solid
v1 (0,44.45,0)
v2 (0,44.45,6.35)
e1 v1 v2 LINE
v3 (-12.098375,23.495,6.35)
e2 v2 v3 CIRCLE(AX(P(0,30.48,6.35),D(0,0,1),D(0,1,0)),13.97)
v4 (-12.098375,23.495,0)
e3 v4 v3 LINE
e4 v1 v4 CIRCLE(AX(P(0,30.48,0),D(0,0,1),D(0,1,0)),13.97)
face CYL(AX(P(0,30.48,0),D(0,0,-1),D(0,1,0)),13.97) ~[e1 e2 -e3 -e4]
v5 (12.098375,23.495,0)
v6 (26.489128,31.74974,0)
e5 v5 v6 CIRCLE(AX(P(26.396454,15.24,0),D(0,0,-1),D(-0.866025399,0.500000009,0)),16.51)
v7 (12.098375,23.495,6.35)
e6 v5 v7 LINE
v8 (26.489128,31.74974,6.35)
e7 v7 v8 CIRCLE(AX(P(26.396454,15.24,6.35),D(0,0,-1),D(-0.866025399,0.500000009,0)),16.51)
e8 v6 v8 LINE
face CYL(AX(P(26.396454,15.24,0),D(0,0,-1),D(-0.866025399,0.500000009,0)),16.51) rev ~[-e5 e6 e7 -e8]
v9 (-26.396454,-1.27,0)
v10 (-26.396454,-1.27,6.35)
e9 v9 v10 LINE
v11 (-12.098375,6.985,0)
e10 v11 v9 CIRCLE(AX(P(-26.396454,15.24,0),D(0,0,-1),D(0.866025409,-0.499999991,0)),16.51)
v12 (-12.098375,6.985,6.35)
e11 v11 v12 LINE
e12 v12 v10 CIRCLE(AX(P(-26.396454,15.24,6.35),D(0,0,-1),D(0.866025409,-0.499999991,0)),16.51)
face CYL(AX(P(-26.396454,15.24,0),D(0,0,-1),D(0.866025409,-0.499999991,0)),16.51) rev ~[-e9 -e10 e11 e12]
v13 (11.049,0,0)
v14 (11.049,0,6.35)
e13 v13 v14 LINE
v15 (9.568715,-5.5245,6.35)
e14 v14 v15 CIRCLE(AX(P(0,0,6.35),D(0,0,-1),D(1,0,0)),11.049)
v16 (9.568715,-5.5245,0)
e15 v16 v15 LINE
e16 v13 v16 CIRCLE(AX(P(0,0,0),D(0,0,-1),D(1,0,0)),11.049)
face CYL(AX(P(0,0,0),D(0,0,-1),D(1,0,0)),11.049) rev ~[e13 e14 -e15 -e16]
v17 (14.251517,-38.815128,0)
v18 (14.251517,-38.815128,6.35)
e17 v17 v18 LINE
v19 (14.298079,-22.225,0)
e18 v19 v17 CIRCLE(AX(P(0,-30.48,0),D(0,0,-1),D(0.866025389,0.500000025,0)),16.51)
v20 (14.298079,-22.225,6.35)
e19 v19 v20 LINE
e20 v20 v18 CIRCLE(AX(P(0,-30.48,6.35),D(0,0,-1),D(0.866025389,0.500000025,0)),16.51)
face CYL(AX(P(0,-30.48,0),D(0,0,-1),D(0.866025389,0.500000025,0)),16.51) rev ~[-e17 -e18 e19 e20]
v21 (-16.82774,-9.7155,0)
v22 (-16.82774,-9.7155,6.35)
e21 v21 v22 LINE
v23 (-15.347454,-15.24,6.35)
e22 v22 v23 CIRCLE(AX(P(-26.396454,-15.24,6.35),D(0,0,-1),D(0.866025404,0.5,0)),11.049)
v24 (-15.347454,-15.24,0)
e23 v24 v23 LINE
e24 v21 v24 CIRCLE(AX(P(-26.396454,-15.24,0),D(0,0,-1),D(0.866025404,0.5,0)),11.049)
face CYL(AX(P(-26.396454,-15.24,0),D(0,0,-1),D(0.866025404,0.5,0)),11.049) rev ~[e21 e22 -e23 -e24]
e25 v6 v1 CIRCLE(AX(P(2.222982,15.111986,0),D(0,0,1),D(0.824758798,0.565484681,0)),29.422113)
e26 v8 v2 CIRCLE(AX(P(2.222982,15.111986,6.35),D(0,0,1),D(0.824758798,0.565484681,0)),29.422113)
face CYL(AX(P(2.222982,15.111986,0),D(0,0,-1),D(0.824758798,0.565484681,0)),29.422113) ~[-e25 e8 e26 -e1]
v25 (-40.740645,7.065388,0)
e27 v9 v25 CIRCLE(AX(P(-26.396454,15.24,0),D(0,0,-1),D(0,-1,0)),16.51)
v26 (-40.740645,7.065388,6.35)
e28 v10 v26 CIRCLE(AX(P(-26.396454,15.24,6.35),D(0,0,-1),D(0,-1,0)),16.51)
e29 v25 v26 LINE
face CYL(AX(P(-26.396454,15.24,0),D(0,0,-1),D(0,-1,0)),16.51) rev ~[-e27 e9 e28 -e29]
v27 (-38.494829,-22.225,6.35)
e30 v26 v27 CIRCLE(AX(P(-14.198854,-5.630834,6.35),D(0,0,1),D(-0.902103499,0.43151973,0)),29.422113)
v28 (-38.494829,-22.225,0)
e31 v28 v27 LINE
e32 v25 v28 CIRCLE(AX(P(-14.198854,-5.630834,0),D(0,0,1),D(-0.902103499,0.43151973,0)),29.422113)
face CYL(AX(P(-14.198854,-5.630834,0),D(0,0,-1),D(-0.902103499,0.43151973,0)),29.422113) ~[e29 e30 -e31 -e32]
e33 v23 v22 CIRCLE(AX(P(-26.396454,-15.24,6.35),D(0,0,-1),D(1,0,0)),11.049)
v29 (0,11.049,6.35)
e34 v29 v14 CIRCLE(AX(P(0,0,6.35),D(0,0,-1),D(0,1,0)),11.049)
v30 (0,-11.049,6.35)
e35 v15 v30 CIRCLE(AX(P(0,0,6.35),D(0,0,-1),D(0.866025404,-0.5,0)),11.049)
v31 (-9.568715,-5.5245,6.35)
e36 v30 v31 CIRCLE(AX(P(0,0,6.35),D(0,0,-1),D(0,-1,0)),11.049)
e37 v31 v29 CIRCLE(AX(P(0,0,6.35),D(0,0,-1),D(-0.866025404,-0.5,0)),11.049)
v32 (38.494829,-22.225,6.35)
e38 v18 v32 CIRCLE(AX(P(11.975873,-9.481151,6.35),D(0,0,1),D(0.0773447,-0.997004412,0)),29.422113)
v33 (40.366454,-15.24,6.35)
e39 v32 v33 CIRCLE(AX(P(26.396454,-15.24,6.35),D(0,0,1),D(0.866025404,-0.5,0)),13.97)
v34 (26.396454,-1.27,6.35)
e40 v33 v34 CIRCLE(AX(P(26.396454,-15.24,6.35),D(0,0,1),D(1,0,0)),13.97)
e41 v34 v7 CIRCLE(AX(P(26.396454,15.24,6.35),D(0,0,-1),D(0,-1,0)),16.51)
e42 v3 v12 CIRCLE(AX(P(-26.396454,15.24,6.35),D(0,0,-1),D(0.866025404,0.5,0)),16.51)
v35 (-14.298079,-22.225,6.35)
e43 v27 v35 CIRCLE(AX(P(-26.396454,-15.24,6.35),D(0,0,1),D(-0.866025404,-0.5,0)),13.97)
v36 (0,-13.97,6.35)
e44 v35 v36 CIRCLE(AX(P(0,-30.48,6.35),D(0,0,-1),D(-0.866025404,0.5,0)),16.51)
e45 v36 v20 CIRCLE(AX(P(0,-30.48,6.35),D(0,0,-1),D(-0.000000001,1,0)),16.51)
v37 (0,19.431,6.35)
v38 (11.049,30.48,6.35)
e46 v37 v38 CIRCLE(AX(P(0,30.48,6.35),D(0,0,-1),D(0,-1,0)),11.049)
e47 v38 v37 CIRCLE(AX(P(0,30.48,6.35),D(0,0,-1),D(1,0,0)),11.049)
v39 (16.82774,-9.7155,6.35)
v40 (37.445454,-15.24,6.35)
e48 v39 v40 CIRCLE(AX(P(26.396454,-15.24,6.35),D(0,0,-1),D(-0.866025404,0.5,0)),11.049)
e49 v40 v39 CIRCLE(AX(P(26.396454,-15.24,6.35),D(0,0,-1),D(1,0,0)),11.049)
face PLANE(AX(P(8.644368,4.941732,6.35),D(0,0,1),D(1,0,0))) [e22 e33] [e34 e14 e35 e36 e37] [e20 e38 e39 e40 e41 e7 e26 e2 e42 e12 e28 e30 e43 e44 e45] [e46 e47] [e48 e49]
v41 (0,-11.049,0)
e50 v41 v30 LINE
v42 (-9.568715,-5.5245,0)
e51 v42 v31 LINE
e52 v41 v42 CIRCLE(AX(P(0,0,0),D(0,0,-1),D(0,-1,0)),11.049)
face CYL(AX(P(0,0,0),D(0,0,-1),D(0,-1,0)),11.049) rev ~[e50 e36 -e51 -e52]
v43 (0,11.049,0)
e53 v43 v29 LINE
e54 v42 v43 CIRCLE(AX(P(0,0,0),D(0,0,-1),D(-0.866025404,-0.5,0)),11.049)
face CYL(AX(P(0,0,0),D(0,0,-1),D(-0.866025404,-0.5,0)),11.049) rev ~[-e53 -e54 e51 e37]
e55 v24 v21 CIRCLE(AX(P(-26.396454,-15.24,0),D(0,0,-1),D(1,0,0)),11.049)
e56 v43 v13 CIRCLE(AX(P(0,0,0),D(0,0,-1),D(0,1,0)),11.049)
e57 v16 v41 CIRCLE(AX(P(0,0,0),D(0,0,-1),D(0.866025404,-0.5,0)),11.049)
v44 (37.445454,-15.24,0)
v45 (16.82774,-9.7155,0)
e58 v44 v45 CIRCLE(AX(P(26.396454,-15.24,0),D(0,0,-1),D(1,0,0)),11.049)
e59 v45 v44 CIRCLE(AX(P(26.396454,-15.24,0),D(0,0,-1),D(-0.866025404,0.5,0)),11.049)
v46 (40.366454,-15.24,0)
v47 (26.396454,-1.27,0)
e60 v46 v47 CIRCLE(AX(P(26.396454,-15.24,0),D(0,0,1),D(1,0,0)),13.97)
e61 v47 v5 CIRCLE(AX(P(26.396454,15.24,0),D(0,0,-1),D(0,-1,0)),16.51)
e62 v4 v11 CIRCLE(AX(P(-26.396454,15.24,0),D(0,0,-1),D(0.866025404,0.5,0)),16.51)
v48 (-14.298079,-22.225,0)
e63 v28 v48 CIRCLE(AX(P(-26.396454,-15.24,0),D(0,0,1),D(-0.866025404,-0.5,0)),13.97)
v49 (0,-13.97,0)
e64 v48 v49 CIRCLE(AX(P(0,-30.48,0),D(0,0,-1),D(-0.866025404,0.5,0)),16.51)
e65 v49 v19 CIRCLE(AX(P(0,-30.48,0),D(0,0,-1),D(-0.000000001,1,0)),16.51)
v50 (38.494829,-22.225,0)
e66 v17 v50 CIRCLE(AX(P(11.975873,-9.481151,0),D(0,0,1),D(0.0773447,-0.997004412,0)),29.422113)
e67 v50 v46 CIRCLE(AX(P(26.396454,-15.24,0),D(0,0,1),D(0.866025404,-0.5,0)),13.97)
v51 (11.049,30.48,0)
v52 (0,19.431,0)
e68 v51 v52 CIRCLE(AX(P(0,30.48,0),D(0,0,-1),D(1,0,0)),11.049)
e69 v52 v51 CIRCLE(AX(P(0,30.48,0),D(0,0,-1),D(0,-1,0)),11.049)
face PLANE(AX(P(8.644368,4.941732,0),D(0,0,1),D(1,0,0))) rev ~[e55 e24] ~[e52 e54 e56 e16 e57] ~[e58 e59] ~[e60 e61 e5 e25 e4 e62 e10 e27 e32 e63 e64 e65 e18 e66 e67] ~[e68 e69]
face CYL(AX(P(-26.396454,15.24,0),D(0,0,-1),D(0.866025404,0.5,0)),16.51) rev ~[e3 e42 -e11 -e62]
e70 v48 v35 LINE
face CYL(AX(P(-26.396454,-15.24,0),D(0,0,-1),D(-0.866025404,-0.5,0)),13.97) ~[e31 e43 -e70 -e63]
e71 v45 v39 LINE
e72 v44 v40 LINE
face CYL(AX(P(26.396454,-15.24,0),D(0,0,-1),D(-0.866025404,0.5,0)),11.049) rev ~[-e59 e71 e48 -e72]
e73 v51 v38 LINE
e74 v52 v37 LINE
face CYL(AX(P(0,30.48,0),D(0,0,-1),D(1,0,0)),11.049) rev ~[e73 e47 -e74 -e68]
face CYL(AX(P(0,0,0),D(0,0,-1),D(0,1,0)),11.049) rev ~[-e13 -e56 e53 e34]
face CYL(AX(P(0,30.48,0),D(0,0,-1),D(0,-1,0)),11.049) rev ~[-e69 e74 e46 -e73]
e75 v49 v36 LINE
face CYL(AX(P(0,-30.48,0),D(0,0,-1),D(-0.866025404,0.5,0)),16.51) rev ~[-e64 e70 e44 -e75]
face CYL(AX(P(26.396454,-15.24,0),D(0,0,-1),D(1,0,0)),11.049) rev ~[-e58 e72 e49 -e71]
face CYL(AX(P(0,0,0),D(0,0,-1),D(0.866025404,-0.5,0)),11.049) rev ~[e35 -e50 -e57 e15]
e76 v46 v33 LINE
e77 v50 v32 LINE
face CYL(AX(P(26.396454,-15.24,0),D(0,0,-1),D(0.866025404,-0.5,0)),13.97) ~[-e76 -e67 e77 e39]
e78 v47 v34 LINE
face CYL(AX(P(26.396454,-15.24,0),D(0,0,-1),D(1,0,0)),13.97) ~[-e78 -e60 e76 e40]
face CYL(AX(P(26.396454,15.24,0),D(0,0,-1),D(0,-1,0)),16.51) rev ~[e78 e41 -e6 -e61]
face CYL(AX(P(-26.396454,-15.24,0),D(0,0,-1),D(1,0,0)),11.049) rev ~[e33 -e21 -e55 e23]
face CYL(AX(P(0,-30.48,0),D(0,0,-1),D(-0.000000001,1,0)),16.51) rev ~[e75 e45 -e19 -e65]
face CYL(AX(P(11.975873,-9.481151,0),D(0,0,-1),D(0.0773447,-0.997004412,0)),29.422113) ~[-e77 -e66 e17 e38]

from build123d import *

# Parameters (mm, degrees)
F1_DEPTH = 6.35


with BuildPart() as f1:
    # F0 (on Top) → F1 (new body)
    with BuildSketch(Plane.XY):
        with BuildLine():
            ThreePointArc((12.0983748909, -6.985), (13.4939837933, -3.6157020601), (13.97, 0))
            ThreePointArc((13.97, 0), (13.4939837722, 3.6157021388), (12.0983748093, 6.9850001412))
            ThreePointArc((12.0983748093, 6.9850001412), (6.9849999294, 12.0983749316), (0, 13.97))
            Line((0, 13.97), (0, 11.049))
            ThreePointArc((0, 11.049), (7.8128228253, 7.8128228253), (11.049, 0))
            ThreePointArc((11.049, 0), (10.6725144547, -2.8596916293), (9.5687146864, -5.5245))
            Line((9.5687146864, -5.5245), (12.0983748909, -6.985))
        make_face()
        with BuildLine():
            ThreePointArc((12.0983748093, 6.9850001412), (13.4939837722, 3.6157021388), (13.97, 0))
            ThreePointArc((13.97, 0), (13.4939837933, -3.6157020601), (12.0983748909, -6.985))
            Line((12.0983748909, -6.985), (14.2980794165, -8.255))
            ThreePointArc((14.2980794165, -8.255), (19.4114543073, -3.1416251091), (26.3964543073, -1.27))
            ThreePointArc((26.3964543073, -1.27), (18.1414542367, 0.9419206243), (12.0983748093, 6.9850001412))
        make_face()
        with BuildLine():
            ThreePointArc((0, 13.97), (6.9849999294, 12.0983749316), (12.0983748093, 6.9850001412))
            ThreePointArc((12.0983748093, 6.9850001412), (9.8864543073, 15.2400001643), (12.0983749736, 23.4950001433))
            ThreePointArc((12.0983749736, 23.4950001433), (6.9850000717, 18.3816251505), (0, 16.51))
            Line((0, 16.51), (0, 13.97))
        make_face()
        with BuildLine():
            Line((14.2980794165, -8.255), (12.0983748909, -6.985))
            ThreePointArc((12.0983748909, -6.985), (6.9849999924, -12.0983748953), (-1.75e-08, -13.97))
            ThreePointArc((-1.75e-08, -13.97), (8.2549997825, -16.1819204579), (14.2980791741, -22.2249995801))
            ThreePointArc((14.2980791741, -22.2249995801), (12.4264543073, -15.2399997576), (14.2980794165, -8.255))
        make_face()
        with BuildLine():
            ThreePointArc((-1.75e-08, -13.97), (6.9849999924, -12.0983748953), (12.0983748909, -6.985))
            Line((12.0983748909, -6.985), (9.5687146864, -5.5245))
            ThreePointArc((9.5687146864, -5.5245), (5.5245, -9.5687146864), (0, -11.049))
            Line((0, -11.049), (0, -13.97))
        make_face()
        with BuildLine():
            Line((0, 11.049), (0, 13.97))
            ThreePointArc((0, 13.97), (-6.9849999217, 12.0983749361), (-12.0983748005, 6.9850001566))
            ThreePointArc((-12.0983748005, 6.9850001566), (-13.97, 9.04e-08), (-12.0983748909, -6.985))
            Line((-12.0983748909, -6.985), (-9.5687146864, -5.5245))
            ThreePointArc((-9.5687146864, -5.5245), (-9.5687146864, 5.5245), (0, 11.049))
        make_face()
        with BuildLine():
            ThreePointArc((-12.0983748005, 6.9850001566), (-6.9849999217, 12.0983749361), (0, 13.97))
            Line((0, 13.97), (0, 16.51))
            ThreePointArc((0, 16.51), (-6.985, 18.3816251091), (-12.0983748909, 23.495))
            ThreePointArc((-12.0983748909, 23.495), (-9.8864543073, 15.2400000904), (-12.0983748005, 6.9850001566))
        make_face()
        with BuildLine():
            ThreePointArc((0, 16.51), (6.9850000717, 18.3816251505), (12.0983749736, 23.4950001433))
            ThreePointArc((12.0983749736, 23.4950001433), (13.4939838147, 26.8642980198), (13.97, 30.48))
            ThreePointArc((13.97, 30.48), (9.8782817332, 40.3582817332), (0, 44.45))
            ThreePointArc((0, 44.45), (-12.0983748909, 37.465), (-12.0983748909, 23.495))
            ThreePointArc((-12.0983748909, 23.495), (-6.985, 18.3816251091), (0, 16.51))
        make_face()
        with BuildLine():
            ThreePointArc((11.049, 30.48), (7.8128228253, 22.6671771747), (0, 19.431))
            ThreePointArc((0, 19.431), (-7.8128228253, 38.2928228253), (11.049, 30.48))
        make_face(mode=Mode.SUBTRACT)
        with BuildLine():
            ThreePointArc((13.97, 30.48), (13.4939838147, 26.8642980198), (12.0983749736, 23.4950001433))
            ThreePointArc((12.0983749736, 23.4950001433), (18.1816159378, 29.56119166), (26.4891280047, 31.7497399006))
            ThreePointArc((26.4891280047, 31.7497399006), (14.9430220942, 41.6423701395), (0, 44.45))
            ThreePointArc((0, 44.45), (9.8782817332, 40.3582817332), (13.97, 30.48))
        make_face()
        with BuildLine():
            ThreePointArc((40.3664543073, -15.24), (36.2747360405, -5.3617182668), (26.3964543073, -1.27))
            ThreePointArc((26.3964543073, -1.27), (19.4114543073, -3.1416251091), (14.2980794165, -8.255))
            ThreePointArc((14.2980794165, -8.255), (12.4264543073, -15.2399997576), (14.2980791741, -22.2249995801))
            ThreePointArc((14.2980791741, -22.2249995801), (26.3964540649, -29.21), (38.4948291982, -22.225))
            ThreePointArc((38.4948291982, -22.225), (39.8904381006, -18.8557020601), (40.3664543073, -15.24))
        make_face()
        with BuildLine():
            ThreePointArc((37.4454543073, -15.24), (23.536762678, -25.9125144547), (16.8277396209, -9.7155))
            ThreePointArc((16.8277396209, -9.7155), (29.2561459367, -4.5674855453), (37.4454543073, -15.24))
        make_face(mode=Mode.SUBTRACT)
        with BuildLine():
            ThreePointArc((-14.2980794165, -22.225), (-8.2550000076, -16.1819205879), (-1.75e-08, -13.97))
            ThreePointArc((-1.75e-08, -13.97), (-6.9850000076, -12.0983748865), (-12.0983748909, -6.985))
            Line((-12.0983748909, -6.985), (-14.2980794165, -8.255))
            ThreePointArc((-14.2980794165, -8.255), (-12.9024705141, -11.6242979399), (-12.4264543073, -15.24))
            ThreePointArc((-12.4264543073, -15.24), (-12.9024705141, -18.8557020601), (-14.2980794165, -22.225))
        make_face()
        with BuildLine():
            ThreePointArc((-12.0983748909, -6.985), (-6.9850000076, -12.0983748865), (-1.75e-08, -13.97))
            Line((0, -13.97), (0, -11.049))
            ThreePointArc((0, -11.049), (-5.5245, -9.5687146864), (-9.5687146864, -5.5245))
            Line((-9.5687146864, -5.5245), (-12.0983748909, -6.985))
        make_face()
        with BuildLine():
            ThreePointArc((-12.0983748909, -6.985), (-13.97, 9.04e-08), (-12.0983748005, 6.9850001566))
            ThreePointArc((-12.0983748005, 6.9850001566), (-18.1414542291, 0.9419206287), (-26.3964543073, -1.27))
            ThreePointArc((-26.3964543073, -1.27), (-19.4114543073, -3.1416251091), (-14.2980794165, -8.255))
            Line((-14.2980794165, -8.255), (-12.0983748909, -6.985))
        make_face()
        with BuildLine():
            ThreePointArc((38.4948291982, -22.225), (26.3964540649, -29.21), (14.2980791741, -22.2249995801))
            ThreePointArc((14.2980791741, -22.2249995801), (16.5099349757, -30.5263367888), (14.2515173151, -38.8151277265))
            ThreePointArc((14.2515173151, -38.8151277265), (28.5918393675, -33.7622218126), (38.4948291982, -22.225))
        make_face()
        with BuildLine():
            ThreePointArc((-38.4948291982, -22.225), (-26.3964543073, -29.21), (-14.2980794165, -22.225))
            ThreePointArc((-14.2980794165, -22.225), (-12.9024705141, -18.8557020601), (-12.4264543073, -15.24))
            ThreePointArc((-12.4264543073, -15.24), (-12.9024705141, -11.6242979399), (-14.2980794165, -8.255))
            ThreePointArc((-14.2980794165, -8.255), (-19.4114543073, -3.1416251091), (-26.3964543073, -1.27))
            ThreePointArc((-26.3964543073, -1.27), (-38.4948291982, -8.255), (-38.4948291982, -22.225))
        make_face()
        with BuildLine():
            ThreePointArc((-15.3474543073, -15.24), (-37.068968762, -18.0996916293), (-16.8277396209, -9.7155))
            ThreePointArc((-16.8277396209, -9.7155), (-15.7239398527, -12.3803083707), (-15.3474543073, -15.24))
        make_face(mode=Mode.SUBTRACT)
        with BuildLine():
            ThreePointArc((-38.4948291982, -22.225), (-38.4948291982, -8.255), (-26.3964543073, -1.27))
            ThreePointArc((-26.3964543073, -1.27), (-34.691550841, 0.9651454124), (-40.7406453198, 7.0653878259))
            ThreePointArc((-40.7406453198, 7.0653878259), (-43.5348614617, -7.8801483269), (-38.4948291982, -22.225))
        make_face()
    extrude(amount=F1_DEPTH)


solid = f1.part
